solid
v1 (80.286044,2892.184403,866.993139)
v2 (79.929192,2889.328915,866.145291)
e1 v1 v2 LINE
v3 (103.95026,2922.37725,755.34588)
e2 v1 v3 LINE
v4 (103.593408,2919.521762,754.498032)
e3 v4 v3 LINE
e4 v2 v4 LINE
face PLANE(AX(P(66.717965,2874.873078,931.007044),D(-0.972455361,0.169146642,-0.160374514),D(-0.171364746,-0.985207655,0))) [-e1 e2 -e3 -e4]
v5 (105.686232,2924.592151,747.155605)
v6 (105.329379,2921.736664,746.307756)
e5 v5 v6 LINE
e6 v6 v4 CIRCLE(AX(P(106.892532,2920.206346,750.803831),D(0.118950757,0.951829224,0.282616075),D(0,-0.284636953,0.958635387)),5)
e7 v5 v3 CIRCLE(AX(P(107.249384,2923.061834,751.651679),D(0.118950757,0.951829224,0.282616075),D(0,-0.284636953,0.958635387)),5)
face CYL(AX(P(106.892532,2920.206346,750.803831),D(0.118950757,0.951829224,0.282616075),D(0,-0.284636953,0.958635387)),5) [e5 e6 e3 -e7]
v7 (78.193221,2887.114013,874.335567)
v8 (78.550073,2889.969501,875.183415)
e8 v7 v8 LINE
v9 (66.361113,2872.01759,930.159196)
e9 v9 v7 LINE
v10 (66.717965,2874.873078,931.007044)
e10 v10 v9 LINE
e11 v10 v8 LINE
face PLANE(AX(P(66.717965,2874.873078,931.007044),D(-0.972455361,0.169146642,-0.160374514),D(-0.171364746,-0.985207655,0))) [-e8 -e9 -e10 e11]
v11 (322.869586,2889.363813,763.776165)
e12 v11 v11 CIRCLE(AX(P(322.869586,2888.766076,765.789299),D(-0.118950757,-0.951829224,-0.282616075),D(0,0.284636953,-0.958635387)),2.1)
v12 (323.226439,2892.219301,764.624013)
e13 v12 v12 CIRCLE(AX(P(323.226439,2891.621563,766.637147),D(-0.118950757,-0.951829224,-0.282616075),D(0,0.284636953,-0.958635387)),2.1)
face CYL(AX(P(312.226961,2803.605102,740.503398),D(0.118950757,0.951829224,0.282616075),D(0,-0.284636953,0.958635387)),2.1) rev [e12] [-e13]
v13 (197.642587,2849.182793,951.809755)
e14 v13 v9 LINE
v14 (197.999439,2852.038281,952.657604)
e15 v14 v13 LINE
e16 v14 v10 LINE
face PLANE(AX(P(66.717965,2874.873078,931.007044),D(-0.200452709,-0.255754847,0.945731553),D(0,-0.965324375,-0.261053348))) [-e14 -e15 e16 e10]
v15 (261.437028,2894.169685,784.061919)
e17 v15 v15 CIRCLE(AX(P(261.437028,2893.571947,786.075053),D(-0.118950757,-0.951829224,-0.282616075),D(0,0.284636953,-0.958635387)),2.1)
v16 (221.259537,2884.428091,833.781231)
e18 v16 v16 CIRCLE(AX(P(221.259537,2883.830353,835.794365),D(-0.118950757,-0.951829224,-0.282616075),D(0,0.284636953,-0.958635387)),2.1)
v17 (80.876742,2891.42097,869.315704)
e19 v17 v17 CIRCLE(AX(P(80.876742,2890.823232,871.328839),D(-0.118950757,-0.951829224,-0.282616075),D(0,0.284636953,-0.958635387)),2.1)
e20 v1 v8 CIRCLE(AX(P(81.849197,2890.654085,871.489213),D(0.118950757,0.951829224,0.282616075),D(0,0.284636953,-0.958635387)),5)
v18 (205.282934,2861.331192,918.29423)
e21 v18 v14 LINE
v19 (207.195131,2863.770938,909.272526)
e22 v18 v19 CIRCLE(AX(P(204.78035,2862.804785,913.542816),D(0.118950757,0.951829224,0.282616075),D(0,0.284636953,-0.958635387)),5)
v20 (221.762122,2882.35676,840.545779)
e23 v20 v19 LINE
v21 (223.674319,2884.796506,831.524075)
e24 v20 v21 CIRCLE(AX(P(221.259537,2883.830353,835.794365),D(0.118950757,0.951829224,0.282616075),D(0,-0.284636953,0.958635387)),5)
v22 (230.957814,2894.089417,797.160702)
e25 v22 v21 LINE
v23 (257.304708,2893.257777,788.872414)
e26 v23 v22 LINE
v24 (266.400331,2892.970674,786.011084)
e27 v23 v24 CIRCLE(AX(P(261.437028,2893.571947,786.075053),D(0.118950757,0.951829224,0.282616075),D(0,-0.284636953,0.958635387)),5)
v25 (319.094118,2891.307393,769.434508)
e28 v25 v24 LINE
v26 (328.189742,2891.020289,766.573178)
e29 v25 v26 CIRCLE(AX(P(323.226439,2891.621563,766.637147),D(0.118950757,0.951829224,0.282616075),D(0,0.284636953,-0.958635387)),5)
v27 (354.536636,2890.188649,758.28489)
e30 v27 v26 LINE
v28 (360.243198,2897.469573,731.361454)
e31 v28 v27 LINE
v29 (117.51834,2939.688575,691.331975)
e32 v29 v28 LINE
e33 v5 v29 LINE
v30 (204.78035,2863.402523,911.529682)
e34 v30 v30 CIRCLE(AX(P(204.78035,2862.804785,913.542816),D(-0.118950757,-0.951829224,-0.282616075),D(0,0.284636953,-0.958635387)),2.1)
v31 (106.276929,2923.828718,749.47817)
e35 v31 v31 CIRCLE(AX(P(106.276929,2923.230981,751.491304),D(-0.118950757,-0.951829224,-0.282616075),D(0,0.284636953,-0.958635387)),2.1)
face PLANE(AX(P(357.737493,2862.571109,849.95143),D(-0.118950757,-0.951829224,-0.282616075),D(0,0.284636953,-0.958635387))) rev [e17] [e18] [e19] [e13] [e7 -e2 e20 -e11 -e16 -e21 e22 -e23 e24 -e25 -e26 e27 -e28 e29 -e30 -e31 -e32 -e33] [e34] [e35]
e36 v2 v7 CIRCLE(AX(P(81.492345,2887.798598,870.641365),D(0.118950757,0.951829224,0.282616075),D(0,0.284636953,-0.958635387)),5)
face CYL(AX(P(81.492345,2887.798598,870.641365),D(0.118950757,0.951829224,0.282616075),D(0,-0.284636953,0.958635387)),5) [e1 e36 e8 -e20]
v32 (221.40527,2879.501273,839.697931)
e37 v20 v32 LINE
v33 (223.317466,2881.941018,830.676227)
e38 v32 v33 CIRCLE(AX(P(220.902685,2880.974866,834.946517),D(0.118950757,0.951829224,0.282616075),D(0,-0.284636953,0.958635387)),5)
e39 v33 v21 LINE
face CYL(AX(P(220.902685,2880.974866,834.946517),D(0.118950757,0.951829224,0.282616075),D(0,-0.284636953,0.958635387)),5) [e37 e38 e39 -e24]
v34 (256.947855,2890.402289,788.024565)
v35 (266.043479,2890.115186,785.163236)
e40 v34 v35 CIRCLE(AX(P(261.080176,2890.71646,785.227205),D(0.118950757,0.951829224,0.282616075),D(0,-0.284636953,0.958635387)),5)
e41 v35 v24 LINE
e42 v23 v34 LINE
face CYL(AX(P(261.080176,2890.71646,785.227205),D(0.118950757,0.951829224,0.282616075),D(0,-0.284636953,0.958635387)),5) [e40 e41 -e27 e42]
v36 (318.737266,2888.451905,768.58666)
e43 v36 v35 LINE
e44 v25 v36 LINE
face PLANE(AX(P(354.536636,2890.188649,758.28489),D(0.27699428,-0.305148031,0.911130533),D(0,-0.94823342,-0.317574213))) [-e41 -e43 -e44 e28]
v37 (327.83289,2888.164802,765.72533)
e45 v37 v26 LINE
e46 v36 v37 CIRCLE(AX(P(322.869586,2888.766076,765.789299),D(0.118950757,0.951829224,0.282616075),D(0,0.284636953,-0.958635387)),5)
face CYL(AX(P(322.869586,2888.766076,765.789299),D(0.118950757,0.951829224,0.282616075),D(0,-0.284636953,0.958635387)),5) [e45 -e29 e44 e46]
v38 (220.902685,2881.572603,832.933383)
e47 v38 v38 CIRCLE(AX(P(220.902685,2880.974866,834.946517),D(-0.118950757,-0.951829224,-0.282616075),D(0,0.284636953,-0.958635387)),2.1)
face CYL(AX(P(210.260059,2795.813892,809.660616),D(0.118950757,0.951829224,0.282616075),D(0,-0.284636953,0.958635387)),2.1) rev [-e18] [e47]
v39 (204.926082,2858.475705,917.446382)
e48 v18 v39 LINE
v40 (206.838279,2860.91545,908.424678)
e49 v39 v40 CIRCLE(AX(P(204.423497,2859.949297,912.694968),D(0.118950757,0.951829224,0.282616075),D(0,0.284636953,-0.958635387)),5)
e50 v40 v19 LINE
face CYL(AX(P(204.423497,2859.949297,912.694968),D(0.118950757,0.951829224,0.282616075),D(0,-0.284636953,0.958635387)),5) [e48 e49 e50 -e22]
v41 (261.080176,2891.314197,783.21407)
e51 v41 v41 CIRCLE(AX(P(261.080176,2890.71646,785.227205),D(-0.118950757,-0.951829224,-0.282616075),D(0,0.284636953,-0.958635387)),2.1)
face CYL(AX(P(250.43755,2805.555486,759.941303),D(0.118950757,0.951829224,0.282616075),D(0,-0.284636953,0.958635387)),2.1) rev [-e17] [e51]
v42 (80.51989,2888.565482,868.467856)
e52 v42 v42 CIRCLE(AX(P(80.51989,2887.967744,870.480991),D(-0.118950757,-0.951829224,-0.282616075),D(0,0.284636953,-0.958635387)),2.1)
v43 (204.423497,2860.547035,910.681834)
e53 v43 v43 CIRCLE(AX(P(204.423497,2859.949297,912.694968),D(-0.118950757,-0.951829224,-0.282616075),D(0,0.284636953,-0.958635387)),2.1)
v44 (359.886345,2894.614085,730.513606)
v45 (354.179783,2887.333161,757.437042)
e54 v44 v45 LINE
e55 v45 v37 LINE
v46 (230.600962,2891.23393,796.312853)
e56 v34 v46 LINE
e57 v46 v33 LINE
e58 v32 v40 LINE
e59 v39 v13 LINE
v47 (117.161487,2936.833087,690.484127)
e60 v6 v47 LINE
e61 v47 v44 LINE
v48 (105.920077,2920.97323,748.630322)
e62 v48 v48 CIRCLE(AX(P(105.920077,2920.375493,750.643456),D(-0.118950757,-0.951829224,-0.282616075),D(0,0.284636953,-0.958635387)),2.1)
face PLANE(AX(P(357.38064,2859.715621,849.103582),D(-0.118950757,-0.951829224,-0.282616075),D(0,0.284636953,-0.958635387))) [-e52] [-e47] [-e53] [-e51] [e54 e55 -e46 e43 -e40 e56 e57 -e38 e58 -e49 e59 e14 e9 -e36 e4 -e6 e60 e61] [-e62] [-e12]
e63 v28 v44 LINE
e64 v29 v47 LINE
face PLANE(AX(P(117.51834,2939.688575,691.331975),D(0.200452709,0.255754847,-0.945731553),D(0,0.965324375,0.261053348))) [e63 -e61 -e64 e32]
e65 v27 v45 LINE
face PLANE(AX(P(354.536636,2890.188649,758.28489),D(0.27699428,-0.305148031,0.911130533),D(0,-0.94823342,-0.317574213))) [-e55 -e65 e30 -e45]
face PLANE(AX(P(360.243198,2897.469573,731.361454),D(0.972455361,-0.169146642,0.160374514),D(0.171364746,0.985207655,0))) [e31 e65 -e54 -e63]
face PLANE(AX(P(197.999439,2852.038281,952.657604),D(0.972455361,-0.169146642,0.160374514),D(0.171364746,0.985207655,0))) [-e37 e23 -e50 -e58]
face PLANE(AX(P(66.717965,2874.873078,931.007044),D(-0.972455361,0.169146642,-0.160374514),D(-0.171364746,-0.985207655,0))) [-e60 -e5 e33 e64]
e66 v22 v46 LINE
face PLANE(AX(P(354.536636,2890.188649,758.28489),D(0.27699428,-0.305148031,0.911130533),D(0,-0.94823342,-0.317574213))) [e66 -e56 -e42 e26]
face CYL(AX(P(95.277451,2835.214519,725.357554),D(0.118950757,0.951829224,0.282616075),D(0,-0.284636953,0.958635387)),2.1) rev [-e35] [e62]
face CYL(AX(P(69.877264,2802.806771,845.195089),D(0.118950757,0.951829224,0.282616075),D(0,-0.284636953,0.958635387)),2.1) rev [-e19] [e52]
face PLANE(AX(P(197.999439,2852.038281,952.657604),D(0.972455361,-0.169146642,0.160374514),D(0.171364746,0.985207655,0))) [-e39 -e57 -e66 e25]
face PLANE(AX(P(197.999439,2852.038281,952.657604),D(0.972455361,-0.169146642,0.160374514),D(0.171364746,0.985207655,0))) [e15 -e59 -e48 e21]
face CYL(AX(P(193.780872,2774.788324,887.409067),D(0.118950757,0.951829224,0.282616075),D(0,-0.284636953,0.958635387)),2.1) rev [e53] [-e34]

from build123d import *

# Parameters (mm, degrees)
BOSS_EXTRUDE1_DEPTH     = 3
CUT_EXTRUDE2_DEPTH      = 80
BOSS_EXTRUDE2_DEPTH     = 3
SKETCH6_R               = 4.999999998
BOSS_EXTRUDE3_DEPTH     = 3
SKETCH7_R               = 2.099999998
CUT_EXTRUDE8_DEPTH      = 103.727128927
CUT_EXTRUDE8_DEPTH_BACK = 93.470854005


with BuildPart() as part:
    # Sketch1 → Boss-Extrude1 (new body)
    with BuildSketch(Plane(origin=(349.089252495, 2874.058311474, 804.288278977), x_dir=(0.935705749, -0.202672232, 0.288753733), z_dir=(-0.118950757, -0.951829224, -0.282616075))):
        Polygon((-227.79105078, 209.509165447), (-94.070562084, 190.966487567), (-128.879732086, -60.059780262), (-262.600220782, -41.517102382), align=None)
    extrude(amount=-BOSS_EXTRUDE1_DEPTH)

    # Sketch3 → Cut-Extrude2 (cut)
    with BuildSketch(Plane(origin=(688.574610071, 446.833813903, 894.692140277), x_dir=(0.516756682, 0.537673014, -0.66623589), z_dir=(0.567103814, 0.368008283, 0.736860345))):
        Polygon((970.937778761, -219.886702224), (970.937778761, 845.245168422), (-1124.286512281, 775.631358808), (-1124.286512281, -289.500511838), align=None)
    extrude(amount=CUT_EXTRUDE2_DEPTH, mode=Mode.SUBTRACT)

    # Sketch4 → Boss-Extrude2 (add)
    with BuildSketch(Plane(origin=(357.380640452, 2859.715621096, 849.10358184), x_dir=(0.992857215, -0.11667261, -0.024940964), z_dir=(-0.118950757, -0.951829224, -0.282616075))):
        Polygon((-128.234790436, -58.388271423), (-111.076725557, -145.727367265), (1.37386057, -123.636064008), (-4.113952819, -95.701639995), align=None)
    extrude(amount=-BOSS_EXTRUDE2_DEPTH)

    # Sketch6 → Boss-Extrude3 (add)
    with BuildSketch(Plane(origin=(357.737492723, 2862.571108769, 849.951430064), x_dir=(0.992900155, -0.114030405, -0.033857781), z_dir=(0.118950757, 0.951829224, 0.282616075))):
        with Locations((-252.279251986, 111.451515819)):
            Circle(SKETCH6_R)
        with Locations((-137.453856598, 19.622629821)):
            Circle(SKETCH6_R)
        with Locations((-154.05088047, -60.894440309)):
            Circle(SKETCH6_R)
        with Locations((-96.98907211, 70.058139701)):
            Circle(SKETCH6_R)
        with Locations((-34.757829169, 88.136852409)):
            Circle(SKETCH6_R)
        with Locations((-277.861066086, -12.653428287)):
            Circle(SKETCH6_R)
    extrude(amount=-BOSS_EXTRUDE3_DEPTH)

    # Sketch7 → Cut-Extrude8 (cut, two sides)
    with BuildSketch(Plane(origin=(357.737492723, 2862.571108769, 849.951430064), x_dir=(0.992900155, -0.114030405, -0.033857781), z_dir=(0.118950757, 0.951829224, 0.282616075))) as cut_extrude8_sk:
        with Locations((-253.258660999, 111.653401888)):
            Circle(SKETCH7_R)
        with Locations((-278.8404751, -12.451542218)):
            Circle(SKETCH7_R)
        with Locations((-34.757829169, 88.136852409)):
            Circle(SKETCH7_R)
        with Locations((-96.98907211, 70.058139701)):
            Circle(SKETCH7_R)
        with Locations((-137.453856598, 19.622629821)):
            Circle(SKETCH7_R)
        with Locations((-154.05088047, -60.894440309)):
            Circle(SKETCH7_R)
    extrude(amount=CUT_EXTRUDE8_DEPTH, mode=Mode.SUBTRACT)
    extrude(cut_extrude8_sk.sketch, amount=-CUT_EXTRUDE8_DEPTH_BACK, mode=Mode.SUBTRACT)


solid = part.part
